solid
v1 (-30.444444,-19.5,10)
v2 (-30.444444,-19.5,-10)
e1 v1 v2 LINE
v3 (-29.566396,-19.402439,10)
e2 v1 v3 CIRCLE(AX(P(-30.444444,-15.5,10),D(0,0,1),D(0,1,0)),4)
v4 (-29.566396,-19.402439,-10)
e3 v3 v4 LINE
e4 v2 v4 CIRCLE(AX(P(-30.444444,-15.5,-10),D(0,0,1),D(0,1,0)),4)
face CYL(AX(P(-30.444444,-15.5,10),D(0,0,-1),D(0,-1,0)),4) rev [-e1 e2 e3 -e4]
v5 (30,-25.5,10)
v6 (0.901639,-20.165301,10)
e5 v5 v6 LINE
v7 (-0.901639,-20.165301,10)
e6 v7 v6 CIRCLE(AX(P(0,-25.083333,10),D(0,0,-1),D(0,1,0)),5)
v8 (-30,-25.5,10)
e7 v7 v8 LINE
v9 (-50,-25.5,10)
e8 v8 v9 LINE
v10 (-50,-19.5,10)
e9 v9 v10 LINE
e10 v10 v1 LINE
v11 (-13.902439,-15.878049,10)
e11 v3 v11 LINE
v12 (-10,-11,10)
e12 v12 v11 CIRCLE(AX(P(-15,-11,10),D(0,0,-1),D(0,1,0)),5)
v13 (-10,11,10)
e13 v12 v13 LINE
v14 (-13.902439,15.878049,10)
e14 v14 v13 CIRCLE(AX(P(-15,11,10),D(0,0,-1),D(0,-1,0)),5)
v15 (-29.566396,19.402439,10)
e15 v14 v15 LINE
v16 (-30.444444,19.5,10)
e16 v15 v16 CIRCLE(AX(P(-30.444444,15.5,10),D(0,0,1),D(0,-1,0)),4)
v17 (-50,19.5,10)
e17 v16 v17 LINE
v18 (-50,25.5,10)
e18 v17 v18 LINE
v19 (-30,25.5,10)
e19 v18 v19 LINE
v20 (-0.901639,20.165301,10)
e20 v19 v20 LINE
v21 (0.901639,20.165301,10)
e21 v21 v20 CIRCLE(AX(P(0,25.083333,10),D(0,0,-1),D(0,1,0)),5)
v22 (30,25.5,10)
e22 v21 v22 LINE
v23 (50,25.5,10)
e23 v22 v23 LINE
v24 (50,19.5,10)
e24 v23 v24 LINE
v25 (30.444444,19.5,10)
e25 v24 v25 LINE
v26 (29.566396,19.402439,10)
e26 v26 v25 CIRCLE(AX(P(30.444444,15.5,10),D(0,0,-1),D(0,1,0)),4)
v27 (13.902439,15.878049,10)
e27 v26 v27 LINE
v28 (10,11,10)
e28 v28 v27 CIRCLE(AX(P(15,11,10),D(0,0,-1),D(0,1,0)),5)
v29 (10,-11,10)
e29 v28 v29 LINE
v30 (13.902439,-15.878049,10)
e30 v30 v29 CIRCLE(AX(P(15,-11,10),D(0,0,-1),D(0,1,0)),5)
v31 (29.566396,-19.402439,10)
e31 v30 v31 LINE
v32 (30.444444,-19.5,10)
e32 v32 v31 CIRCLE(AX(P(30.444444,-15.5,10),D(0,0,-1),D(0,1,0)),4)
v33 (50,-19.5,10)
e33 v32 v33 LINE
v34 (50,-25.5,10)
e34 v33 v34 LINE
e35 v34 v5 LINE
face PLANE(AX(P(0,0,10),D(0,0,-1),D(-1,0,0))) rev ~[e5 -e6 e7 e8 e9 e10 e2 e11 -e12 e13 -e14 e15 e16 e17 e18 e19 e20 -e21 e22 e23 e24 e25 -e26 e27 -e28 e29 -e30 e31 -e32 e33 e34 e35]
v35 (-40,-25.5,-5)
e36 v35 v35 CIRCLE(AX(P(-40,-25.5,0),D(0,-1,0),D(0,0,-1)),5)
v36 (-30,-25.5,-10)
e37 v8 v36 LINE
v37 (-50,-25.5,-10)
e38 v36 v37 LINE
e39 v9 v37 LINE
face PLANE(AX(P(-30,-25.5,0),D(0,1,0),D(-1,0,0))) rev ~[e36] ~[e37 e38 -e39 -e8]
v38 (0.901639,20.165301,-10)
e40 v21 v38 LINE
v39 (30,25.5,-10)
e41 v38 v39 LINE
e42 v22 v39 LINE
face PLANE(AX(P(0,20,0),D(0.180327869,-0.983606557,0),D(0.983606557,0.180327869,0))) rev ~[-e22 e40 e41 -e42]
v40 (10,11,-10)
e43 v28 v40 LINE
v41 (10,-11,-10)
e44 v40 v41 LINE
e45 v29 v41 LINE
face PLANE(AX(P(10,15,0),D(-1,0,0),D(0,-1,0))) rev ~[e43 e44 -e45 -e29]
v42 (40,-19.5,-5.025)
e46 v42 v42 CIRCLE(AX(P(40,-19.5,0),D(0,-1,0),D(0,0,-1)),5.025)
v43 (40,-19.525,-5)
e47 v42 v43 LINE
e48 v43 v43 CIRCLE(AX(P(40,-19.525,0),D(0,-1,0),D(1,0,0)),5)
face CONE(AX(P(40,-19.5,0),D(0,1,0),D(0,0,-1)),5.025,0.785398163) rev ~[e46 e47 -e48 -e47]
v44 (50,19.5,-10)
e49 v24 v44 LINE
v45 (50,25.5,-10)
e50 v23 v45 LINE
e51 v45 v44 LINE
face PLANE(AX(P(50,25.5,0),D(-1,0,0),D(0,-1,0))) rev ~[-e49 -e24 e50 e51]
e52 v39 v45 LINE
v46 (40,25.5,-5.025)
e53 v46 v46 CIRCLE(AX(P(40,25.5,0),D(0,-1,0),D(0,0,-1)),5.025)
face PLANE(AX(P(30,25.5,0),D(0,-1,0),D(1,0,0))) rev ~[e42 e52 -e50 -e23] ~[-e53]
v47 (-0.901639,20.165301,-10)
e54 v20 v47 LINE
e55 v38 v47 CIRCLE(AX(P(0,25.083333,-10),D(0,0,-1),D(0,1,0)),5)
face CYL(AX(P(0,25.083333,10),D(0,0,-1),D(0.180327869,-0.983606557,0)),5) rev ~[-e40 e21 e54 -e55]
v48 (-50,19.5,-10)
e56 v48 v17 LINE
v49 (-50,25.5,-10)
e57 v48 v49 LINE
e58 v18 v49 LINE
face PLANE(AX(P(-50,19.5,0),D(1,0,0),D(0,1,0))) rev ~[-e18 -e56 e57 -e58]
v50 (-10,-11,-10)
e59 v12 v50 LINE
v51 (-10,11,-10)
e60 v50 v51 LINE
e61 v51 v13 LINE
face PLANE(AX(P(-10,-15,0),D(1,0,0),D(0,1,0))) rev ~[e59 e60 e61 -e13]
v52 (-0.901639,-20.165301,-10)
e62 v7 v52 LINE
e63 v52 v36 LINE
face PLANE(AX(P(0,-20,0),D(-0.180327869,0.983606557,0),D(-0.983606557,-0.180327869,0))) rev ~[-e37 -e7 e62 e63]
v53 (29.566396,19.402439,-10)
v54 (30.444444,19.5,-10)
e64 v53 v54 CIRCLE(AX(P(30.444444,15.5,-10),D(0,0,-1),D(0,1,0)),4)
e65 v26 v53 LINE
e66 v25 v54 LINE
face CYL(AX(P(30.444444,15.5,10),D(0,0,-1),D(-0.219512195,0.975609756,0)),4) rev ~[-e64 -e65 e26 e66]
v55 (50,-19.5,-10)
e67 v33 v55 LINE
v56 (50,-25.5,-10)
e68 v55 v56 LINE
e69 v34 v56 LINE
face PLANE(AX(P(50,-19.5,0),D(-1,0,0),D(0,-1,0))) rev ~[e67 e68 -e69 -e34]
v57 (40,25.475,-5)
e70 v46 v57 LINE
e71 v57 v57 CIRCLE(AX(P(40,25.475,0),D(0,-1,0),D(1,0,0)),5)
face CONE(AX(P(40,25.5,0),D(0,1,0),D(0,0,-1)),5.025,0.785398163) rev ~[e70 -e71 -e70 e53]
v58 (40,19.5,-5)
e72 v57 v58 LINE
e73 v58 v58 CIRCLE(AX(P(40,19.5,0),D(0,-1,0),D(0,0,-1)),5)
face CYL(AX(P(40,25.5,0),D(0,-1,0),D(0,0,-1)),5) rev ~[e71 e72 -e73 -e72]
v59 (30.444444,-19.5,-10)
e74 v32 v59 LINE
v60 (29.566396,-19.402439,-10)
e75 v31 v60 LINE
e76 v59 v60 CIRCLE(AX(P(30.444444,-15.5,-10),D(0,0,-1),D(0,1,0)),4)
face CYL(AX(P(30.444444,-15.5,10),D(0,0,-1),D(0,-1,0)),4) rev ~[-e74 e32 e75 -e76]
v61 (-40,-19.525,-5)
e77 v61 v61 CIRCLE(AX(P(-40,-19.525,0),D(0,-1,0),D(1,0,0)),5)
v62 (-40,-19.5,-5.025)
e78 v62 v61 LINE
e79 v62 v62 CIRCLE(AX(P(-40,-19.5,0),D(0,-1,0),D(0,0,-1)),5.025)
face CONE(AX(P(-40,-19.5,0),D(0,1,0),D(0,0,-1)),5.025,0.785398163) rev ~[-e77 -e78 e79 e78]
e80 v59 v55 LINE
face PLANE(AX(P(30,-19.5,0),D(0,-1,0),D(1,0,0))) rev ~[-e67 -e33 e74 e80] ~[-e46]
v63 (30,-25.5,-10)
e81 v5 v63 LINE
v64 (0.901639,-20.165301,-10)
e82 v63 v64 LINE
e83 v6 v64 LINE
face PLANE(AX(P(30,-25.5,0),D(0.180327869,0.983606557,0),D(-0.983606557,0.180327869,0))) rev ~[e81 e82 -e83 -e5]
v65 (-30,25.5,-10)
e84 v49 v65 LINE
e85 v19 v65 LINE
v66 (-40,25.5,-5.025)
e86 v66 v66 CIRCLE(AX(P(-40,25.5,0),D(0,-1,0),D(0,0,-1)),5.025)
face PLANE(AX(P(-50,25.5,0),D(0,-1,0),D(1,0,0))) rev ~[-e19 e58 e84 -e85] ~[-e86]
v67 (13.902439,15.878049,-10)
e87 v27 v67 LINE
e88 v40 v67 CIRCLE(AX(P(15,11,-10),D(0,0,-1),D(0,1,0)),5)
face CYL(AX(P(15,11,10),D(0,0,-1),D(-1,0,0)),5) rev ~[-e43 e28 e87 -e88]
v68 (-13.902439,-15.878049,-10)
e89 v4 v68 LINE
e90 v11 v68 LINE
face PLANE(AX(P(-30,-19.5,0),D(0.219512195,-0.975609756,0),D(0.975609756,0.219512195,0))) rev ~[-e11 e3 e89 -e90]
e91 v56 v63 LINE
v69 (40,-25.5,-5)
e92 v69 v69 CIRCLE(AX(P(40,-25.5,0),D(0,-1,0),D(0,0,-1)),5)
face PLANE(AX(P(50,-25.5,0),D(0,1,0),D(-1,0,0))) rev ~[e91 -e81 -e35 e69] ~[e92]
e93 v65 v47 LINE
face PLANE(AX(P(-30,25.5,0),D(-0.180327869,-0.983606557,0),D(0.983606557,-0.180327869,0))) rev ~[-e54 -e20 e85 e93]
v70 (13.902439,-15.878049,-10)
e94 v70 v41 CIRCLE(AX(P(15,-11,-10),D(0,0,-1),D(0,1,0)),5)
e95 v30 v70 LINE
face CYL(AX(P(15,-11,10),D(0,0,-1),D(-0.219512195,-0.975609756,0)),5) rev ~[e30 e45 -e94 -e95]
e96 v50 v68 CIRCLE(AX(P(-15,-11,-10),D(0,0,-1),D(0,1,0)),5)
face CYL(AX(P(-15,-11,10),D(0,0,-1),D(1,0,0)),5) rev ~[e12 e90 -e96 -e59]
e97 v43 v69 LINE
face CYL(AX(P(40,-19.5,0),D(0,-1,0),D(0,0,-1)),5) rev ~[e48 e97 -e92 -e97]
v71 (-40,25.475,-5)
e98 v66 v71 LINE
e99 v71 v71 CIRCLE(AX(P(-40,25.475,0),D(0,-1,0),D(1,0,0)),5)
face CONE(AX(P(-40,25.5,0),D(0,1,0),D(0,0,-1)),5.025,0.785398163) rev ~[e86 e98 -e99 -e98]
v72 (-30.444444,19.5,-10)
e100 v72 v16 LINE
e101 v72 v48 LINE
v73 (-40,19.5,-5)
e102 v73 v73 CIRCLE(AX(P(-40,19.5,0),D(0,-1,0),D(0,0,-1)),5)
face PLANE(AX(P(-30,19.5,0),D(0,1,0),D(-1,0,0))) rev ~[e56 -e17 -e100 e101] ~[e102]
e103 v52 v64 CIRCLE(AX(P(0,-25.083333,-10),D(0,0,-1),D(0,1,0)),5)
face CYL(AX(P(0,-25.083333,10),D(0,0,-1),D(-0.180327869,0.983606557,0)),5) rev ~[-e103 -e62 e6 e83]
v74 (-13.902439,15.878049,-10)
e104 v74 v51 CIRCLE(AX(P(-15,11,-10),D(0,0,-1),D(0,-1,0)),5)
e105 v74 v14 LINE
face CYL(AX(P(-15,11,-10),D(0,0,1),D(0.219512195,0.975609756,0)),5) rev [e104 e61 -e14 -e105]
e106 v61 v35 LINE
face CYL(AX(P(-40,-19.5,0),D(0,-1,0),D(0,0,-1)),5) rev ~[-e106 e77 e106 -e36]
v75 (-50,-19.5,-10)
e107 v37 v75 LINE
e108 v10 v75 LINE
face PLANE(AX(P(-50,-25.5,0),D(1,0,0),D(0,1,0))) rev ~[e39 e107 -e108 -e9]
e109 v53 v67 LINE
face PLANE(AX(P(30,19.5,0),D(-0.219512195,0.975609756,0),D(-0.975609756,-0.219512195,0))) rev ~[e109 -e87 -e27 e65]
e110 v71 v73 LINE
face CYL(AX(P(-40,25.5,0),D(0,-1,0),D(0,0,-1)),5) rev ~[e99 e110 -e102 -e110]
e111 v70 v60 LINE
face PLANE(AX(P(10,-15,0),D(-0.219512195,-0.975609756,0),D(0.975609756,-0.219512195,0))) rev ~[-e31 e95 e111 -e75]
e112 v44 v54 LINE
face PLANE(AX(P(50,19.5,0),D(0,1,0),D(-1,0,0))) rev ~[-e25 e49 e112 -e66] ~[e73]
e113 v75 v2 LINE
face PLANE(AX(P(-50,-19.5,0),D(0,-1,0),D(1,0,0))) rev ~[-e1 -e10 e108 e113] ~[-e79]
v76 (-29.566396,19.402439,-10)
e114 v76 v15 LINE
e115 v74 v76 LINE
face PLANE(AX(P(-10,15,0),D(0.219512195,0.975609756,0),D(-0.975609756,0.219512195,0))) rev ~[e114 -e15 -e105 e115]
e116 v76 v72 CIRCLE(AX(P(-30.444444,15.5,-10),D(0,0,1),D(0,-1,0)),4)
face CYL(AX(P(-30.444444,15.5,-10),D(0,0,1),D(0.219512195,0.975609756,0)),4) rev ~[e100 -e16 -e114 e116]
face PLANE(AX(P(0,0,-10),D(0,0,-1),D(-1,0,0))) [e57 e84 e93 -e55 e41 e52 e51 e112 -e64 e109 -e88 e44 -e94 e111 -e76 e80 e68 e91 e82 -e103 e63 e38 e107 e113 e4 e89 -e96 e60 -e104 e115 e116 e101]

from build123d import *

# Parameters (mm, degrees)
BOSS_EXTRUDE1_DEPTH                        = 10
FILLET1_R                                  = 5
F_10_0MM_DOWEL_HOLE1_D                     = 10
F_10_0MM_DOWEL_HOLE1_DEPTH                 = 24.5
F_10_0MM_DOWEL_HOLE1_CSINK_D               = 10.05
F_10_0MM_DOWEL_HOLE1_CSINK_ANGLE           = 90
F_10_0MM_DOWEL_HOLE1_TIP                   = 3.004303095
F_10_0MM_DOWEL_HOLE1_ON_FACE_2_D           = 10
F_10_0MM_DOWEL_HOLE1_ON_FACE_2_DEPTH       = 24.5
F_10_0MM_DOWEL_HOLE1_ON_FACE_2_CSINK_D     = 10.05
F_10_0MM_DOWEL_HOLE1_ON_FACE_2_CSINK_ANGLE = 90
F_10_0MM_DOWEL_HOLE1_ON_FACE_2_TIP         = 3.004303095
FILLET2_R                                  = 4


with BuildPart() as part:
    # Sketch1 → Boss-Extrude1 (new, symmetric)
    with BuildSketch(Plane.XY):
        Polygon((-50, 19.5), (-50, 25.5), (-30, 25.5), (0, 20), (30, 25.5), (50, 25.5), (50, 19.5), (30, 19.5), (10, 15), (10, -15), (30, -19.5), (50, -19.5), (50, -25.5), (30, -25.5), (0, -20), (-30, -25.5), (-50, -25.5), (-50, -19.5), (-30, -19.5), (-10, -15), (-10, 15), (-30, 19.5), align=None)
    extrude(amount=BOSS_EXTRUDE1_DEPTH, both=True)

    # Fillet1
    fillet1_edges = [part.edges().sort_by_distance(p)[0] for p in [
        (-10, 15, 0),
        (0, 20, 0),
        (10, 15, 0),
        (10, -15, 0),
        (0, -20, 0),
        (-10, -15, 0),
    ]]
    fillet(fillet1_edges, radius=FILLET1_R)

    # Ø10.0mm Dowel Hole1
    with Locations(Plane(origin=(-40, 25.5, 0), x_dir=(0, 0, 1), z_dir=(0, 1, 0))):
        with Locations((0, 0), (0, 80)):
            CounterSinkHole(F_10_0MM_DOWEL_HOLE1_D / 2, F_10_0MM_DOWEL_HOLE1_CSINK_D / 2, depth=F_10_0MM_DOWEL_HOLE1_DEPTH, counter_sink_angle=F_10_0MM_DOWEL_HOLE1_CSINK_ANGLE)
            with Locations((0, 0, -(F_10_0MM_DOWEL_HOLE1_DEPTH + F_10_0MM_DOWEL_HOLE1_TIP / 2))):  # 118° drill point
                Cone(0, F_10_0MM_DOWEL_HOLE1_D / 2, F_10_0MM_DOWEL_HOLE1_TIP, mode=Mode.SUBTRACT)

    # Ø10.0mm Dowel Hole1 on face 2
    with Locations(Plane(origin=(-40, -19.5, 0), x_dir=(0, 0, 1), z_dir=(0, 1, 0))):
        with Locations((0, 0), (0, 80)):
            CounterSinkHole(F_10_0MM_DOWEL_HOLE1_ON_FACE_2_D / 2, F_10_0MM_DOWEL_HOLE1_ON_FACE_2_CSINK_D / 2, depth=F_10_0MM_DOWEL_HOLE1_ON_FACE_2_DEPTH, counter_sink_angle=F_10_0MM_DOWEL_HOLE1_ON_FACE_2_CSINK_ANGLE)
            with Locations((0, 0, -(F_10_0MM_DOWEL_HOLE1_ON_FACE_2_DEPTH + F_10_0MM_DOWEL_HOLE1_ON_FACE_2_TIP / 2))):  # 118° drill point
                Cone(0, F_10_0MM_DOWEL_HOLE1_ON_FACE_2_D / 2, F_10_0MM_DOWEL_HOLE1_ON_FACE_2_TIP, mode=Mode.SUBTRACT)

    # Fillet2
    fillet2_edges = [part.edges().sort_by_distance(p)[0] for p in [
        (-30, 19.5, 0),
        (30, 19.5, 0),
        (30, -19.5, 0),
        (-30, -19.5, 0),
    ]]
    fillet(fillet2_edges, radius=FILLET2_R)


solid = part.part
